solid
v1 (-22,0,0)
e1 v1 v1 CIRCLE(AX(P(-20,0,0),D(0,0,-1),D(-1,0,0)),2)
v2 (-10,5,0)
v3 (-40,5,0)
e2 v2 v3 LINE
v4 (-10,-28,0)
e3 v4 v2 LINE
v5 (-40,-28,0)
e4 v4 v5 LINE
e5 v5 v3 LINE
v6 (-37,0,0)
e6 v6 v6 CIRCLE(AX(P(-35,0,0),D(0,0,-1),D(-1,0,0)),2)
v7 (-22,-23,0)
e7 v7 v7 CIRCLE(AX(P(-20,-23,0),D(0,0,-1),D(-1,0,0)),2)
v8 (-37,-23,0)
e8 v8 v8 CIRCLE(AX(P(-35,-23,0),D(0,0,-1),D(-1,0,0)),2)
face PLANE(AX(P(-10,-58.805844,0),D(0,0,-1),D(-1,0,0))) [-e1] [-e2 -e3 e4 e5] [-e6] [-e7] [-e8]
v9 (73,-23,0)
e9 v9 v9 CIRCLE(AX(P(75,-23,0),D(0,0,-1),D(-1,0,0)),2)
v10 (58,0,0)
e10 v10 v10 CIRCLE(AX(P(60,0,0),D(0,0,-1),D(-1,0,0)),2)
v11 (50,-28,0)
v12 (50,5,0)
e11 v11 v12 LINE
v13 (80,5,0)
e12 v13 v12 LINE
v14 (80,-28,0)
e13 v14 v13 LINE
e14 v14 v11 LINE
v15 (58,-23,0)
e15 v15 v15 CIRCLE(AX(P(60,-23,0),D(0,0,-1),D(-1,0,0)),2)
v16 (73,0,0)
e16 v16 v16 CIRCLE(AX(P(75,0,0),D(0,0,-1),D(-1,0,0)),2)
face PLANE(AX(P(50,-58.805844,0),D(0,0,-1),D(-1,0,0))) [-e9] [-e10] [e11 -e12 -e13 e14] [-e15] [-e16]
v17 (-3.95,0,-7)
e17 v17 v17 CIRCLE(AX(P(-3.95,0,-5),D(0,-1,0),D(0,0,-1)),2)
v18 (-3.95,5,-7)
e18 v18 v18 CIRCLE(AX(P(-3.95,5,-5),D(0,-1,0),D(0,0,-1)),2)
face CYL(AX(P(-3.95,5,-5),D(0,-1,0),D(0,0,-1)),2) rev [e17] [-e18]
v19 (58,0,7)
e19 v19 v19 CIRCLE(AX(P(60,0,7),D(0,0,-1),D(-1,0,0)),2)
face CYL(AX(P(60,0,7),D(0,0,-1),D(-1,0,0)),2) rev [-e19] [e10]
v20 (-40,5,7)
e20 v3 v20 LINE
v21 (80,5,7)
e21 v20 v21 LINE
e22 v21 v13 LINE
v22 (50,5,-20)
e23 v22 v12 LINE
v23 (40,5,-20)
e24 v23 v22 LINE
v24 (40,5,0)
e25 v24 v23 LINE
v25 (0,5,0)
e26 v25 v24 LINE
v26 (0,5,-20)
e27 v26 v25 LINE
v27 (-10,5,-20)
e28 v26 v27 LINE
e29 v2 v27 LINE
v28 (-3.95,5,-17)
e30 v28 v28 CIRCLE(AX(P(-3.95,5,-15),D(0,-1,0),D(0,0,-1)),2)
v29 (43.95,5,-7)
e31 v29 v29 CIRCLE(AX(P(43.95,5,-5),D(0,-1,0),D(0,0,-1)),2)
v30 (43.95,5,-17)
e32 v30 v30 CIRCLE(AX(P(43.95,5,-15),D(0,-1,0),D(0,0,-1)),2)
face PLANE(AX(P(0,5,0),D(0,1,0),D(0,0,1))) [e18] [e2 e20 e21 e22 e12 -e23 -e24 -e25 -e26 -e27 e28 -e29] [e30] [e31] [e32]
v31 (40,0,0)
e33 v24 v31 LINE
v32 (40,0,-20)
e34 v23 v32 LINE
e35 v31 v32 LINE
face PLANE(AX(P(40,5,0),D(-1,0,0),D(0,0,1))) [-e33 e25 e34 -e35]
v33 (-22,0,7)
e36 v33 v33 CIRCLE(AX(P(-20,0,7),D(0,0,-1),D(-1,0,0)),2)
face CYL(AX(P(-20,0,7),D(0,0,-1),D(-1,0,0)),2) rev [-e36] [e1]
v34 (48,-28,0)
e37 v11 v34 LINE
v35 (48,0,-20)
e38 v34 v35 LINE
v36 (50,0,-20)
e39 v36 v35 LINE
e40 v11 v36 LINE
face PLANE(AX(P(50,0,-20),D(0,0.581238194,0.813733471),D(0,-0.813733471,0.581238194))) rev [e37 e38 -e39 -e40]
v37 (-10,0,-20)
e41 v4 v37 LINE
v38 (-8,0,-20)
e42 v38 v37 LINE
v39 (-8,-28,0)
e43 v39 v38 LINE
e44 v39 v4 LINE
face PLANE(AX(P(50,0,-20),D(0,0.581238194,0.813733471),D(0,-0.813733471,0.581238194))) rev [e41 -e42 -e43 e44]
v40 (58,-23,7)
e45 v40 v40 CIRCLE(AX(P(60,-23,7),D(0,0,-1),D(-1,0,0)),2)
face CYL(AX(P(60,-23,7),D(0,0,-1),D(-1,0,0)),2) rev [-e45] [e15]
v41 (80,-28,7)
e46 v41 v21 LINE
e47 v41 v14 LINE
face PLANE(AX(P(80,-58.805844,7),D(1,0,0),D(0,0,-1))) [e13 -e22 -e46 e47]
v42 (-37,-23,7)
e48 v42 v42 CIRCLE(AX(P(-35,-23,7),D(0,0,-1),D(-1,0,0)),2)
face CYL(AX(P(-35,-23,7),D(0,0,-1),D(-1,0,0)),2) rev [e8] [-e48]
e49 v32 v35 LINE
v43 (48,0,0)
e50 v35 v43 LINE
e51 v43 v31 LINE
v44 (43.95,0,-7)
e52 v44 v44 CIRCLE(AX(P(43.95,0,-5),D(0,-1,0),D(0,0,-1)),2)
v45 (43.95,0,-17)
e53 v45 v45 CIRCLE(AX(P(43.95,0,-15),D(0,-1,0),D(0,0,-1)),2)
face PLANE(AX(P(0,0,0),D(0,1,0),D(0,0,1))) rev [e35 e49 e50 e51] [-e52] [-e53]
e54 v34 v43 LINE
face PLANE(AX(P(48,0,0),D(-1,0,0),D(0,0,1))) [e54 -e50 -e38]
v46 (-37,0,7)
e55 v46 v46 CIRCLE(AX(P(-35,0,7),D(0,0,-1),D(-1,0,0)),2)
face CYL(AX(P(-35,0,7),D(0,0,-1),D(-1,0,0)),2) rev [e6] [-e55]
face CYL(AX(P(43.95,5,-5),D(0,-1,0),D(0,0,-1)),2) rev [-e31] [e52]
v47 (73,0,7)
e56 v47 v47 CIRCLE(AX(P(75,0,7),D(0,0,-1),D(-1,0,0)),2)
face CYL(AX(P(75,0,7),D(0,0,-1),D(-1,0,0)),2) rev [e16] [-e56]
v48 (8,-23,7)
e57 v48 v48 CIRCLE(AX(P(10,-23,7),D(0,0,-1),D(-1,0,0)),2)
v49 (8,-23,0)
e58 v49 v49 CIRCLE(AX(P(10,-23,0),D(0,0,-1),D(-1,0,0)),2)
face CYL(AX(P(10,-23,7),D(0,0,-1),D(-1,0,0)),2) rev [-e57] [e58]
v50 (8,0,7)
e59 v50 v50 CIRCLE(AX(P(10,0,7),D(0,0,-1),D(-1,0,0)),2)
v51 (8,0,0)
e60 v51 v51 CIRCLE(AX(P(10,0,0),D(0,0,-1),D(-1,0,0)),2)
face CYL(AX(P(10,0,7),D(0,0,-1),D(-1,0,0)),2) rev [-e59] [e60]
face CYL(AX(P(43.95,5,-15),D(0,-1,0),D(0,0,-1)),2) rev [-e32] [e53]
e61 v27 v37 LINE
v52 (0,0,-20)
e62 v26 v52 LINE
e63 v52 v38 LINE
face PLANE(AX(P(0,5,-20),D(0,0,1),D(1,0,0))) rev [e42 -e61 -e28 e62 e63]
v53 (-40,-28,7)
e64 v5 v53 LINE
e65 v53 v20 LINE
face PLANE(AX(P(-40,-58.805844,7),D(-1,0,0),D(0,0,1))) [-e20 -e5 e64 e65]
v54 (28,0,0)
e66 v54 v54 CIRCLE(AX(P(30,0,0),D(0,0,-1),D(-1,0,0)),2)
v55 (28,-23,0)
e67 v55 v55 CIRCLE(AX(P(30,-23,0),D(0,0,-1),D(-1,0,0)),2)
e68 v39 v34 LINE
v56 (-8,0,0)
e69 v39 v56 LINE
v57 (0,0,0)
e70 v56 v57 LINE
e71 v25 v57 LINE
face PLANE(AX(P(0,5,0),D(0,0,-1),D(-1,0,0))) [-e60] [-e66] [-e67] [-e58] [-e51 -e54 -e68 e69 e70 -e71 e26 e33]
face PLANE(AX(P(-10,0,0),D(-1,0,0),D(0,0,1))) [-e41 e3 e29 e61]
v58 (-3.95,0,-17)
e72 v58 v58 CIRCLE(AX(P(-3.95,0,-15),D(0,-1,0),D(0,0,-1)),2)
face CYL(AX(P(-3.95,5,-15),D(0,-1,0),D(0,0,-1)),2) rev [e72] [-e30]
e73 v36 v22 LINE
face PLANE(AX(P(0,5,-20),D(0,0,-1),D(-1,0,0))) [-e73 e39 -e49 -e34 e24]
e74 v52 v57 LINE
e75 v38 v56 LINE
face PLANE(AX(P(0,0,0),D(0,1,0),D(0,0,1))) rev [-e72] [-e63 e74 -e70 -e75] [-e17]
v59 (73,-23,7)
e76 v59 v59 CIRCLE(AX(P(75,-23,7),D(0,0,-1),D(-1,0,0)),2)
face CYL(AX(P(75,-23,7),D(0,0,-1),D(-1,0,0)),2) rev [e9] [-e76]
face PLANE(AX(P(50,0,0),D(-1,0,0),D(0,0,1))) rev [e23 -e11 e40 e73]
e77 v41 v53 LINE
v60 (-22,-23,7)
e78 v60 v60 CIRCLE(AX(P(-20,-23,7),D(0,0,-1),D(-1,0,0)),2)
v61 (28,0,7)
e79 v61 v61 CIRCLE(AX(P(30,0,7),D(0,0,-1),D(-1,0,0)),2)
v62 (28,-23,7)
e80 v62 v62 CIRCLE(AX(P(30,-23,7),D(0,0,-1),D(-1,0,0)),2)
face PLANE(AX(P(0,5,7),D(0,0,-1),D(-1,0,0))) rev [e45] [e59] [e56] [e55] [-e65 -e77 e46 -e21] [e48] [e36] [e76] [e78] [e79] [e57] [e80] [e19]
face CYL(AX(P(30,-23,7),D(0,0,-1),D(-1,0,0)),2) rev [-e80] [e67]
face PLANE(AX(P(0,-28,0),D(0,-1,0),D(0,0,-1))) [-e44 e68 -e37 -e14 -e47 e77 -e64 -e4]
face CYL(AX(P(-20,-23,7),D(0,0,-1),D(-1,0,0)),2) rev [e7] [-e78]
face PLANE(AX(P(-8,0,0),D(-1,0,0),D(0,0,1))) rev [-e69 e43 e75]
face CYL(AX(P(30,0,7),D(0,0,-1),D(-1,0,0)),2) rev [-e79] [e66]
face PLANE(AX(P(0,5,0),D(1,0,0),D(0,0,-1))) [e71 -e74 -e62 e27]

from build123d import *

# Parameters (mm, degrees)
SKETCH2_W               = 8
SKETCH2_H               = 20
SKETCH2_W_2             = 11.75
SKETCH2_H_2             = 12.66
BOSS_EXTRUDE1_DEPTH     = 5
SKETCH3_W               = 13.1
SKETCH3_H               = 7
BOSS_EXTRUDE2_DEPTH     = 28
SKETCH4_W               = 5.75
SKETCH4_H               = 12.66
CUT_EXTRUDE1_DEPTH      = 62.587336361
SKETCH5_R               = 2
CUT_EXTRUDE2_DEPTH      = 61.902073035
SKETCH6_R               = 2
CUT_EXTRUDE3_DEPTH      = 60.059292241
SKETCH7_W               = 7
SKETCH7_H               = 28
BOSS_EXTRUDE3_DEPTH     = 19.4
SKETCH8_W               = 27
SKETCH8_H               = 33
BOSS_EXTRUDE4_DEPTH     = 2
SKETCH9_W               = 27
SKETCH9_H               = 33
BOSS_EXTRUDE5_DEPTH     = 2
CUT_EXTRUDE4_DEPTH      = 68.4388612
CUT_EXTRUDE4_DEPTH_BACK = 68.4388612
SKETCH12_W              = 12.66
SKETCH12_H              = 33
CUT_EXTRUDE5_DEPTH      = 63.562468781
SKETCH13_W              = 30
SKETCH13_H              = 7
BOSS_EXTRUDE6_DEPTH     = 33
SKETCH14_R              = 2
CUT_EXTRUDE6_DEPTH      = 88.086164228


with BuildPart() as part:
    # Sketch2 → Boss-Extrude1 (new body)
    with BuildSketch(Plane(origin=(0, 0, 0), x_dir=(1, 0, 0), z_dir=(0, 1, 0))):
        with Locations((-4, 10)):
            Rectangle(SKETCH2_W, SKETCH2_H)
        Polygon((40, 0), (0, 0), (-8, 0), (-8, -7), (3.75, -7), (16.85, -7), (28.6, -7), (48, -7), (48, 0), align=None)
        with Locations((-2.125, -13.33)):
            Rectangle(SKETCH2_W_2, SKETCH2_H_2)
        with Locations((22.725, -13.33)):
            Rectangle(SKETCH2_W_2, SKETCH2_H_2)
        with Locations((44, 10)):
            Rectangle(SKETCH2_W, SKETCH2_H)
    extrude(amount=BOSS_EXTRUDE1_DEPTH)

    # Sketch3 → Boss-Extrude2 (add)
    with BuildSketch(Plane.XZ):
        Polygon((3.75, 19.66), (-8, 19.66), (-8, 0), (0, 0), (3.75, 0), (3.75, 7), align=None)
        with Locations((10.3, 3.5)):
            Rectangle(SKETCH3_W, SKETCH3_H)
        Polygon((16.85, 19.66), (16.85, 7), (16.85, 0), (28.6, 0), (28.6, 7), (28.6, 19.66), align=None)
    extrude(amount=BOSS_EXTRUDE2_DEPTH)

    # Sketch4 → Cut-Extrude1 (cut, through all)
    with BuildSketch(Plane.XZ.offset(28)):
        with Locations((-5.125, 13.33)):
            Rectangle(SKETCH4_W, SKETCH4_H)
        with Locations((25.725, 13.33)):
            Rectangle(SKETCH4_W, SKETCH4_H)
    extrude(amount=-CUT_EXTRUDE1_DEPTH, mode=Mode.SUBTRACT)

    # Sketch5 → Cut-Extrude2 (cut, through all)
    with BuildSketch(Plane.ZY.offset(2.25)):
        with Locations((13.33, -2)):
            Circle(SKETCH5_R)
        with Locations((13.33, -21)):
            Circle(SKETCH5_R)
        with Locations((13.33, -11.5)):
            Circle(SKETCH5_R)
    extrude(amount=-CUT_EXTRUDE2_DEPTH, mode=Mode.SUBTRACT)

    # Sketch6 → Cut-Extrude3 (cut, through all)
    with BuildSketch(Plane.XZ):
        with Locations(Location((43.95, -5, 0), (0, 0, 270))):
            Circle(SKETCH6_R)
        with Locations(Location((43.95, -15, 0), (0, 0, 270))):
            Circle(SKETCH6_R)
        with Locations(Location((-3.95, -5, 0), (0, 0, 270))):
            Circle(SKETCH6_R)
        with Locations(Location((-3.95, -15, 0), (0, 0, 270))):
            Circle(SKETCH6_R)
    extrude(amount=-CUT_EXTRUDE3_DEPTH, mode=Mode.SUBTRACT)

    # Sketch7 → Boss-Extrude3 (add)
    with BuildSketch(Plane(origin=(28.6, 0, 0), x_dir=(0, 0, -1), z_dir=(1, 0, 0))):
        with Locations((-3.5, -14)):
            Rectangle(SKETCH7_W, SKETCH7_H)
    extrude(amount=BOSS_EXTRUDE3_DEPTH)

    # Sketch8 → Boss-Extrude4 (add)
    with BuildSketch(Plane(origin=(48, 0, 0), x_dir=(0, 0, -1), z_dir=(1, 0, 0))):
        with Locations((6.5, -11.5)):
            Rectangle(SKETCH8_W, SKETCH8_H)
    extrude(amount=BOSS_EXTRUDE4_DEPTH)

    # Sketch9 → Boss-Extrude5 (add)
    with BuildSketch(Plane.ZY.offset(8)):
        with Locations((-6.5, -11.5)):
            Rectangle(SKETCH9_W, SKETCH9_H)
    extrude(amount=BOSS_EXTRUDE5_DEPTH)

    # Sketch10 → Cut-Extrude4 (cut, two sides: drawn at the far end of the back side and taken through both)
    with BuildSketch(Plane.ZY.offset(-48).offset(-CUT_EXTRUDE4_DEPTH_BACK)):
        Polygon((-20, 0), (0, -28), (-20, -28), align=None)
    extrude(amount=CUT_EXTRUDE4_DEPTH + CUT_EXTRUDE4_DEPTH_BACK, mode=Mode.SUBTRACT)

    # Sketch12 → Cut-Extrude5 (cut, through all)
    with BuildSketch(Plane.ZY.offset(2.25)):
        with Locations((13.33, -11.5)):
            Rectangle(SKETCH12_W, SKETCH12_H)
    extrude(amount=-CUT_EXTRUDE5_DEPTH, mode=Mode.SUBTRACT)

    # Sketch13 → Boss-Extrude6 (add)
    with BuildSketch(Plane(origin=(0, 5, 0), x_dir=(1, 0, 0), z_dir=(0, 1, 0))):
        with Locations((-25, -3.5)):
            Rectangle(SKETCH13_W, SKETCH13_H)
        with Locations((65, -3.5)):
            Rectangle(SKETCH13_W, SKETCH13_H)
    extrude(amount=-BOSS_EXTRUDE6_DEPTH)

    # Sketch14 → Cut-Extrude6 (cut, through all)
    with BuildSketch(Plane(origin=(0, 0, 0), x_dir=(-1, 0, 0), z_dir=(0, 0, -1))):
        with Locations((35, -23)):
            Circle(SKETCH14_R)
        with Locations((20, -23)):
            Circle(SKETCH14_R)
        with Locations((20, 0)):
            Circle(SKETCH14_R)
        with Locations((35, 0)):
            Circle(SKETCH14_R)
        with Locations((-10, 0)):
            Circle(SKETCH14_R)
        with Locations((-10, -23)):
            Circle(SKETCH14_R)
        with Locations((-30, -23)):
            Circle(SKETCH14_R)
        with Locations((-30, 0)):
            Circle(SKETCH14_R)
        with Locations((-60, 0)):
            Circle(SKETCH14_R)
        with Locations((-60, -23)):
            Circle(SKETCH14_R)
        with Locations((-75, -23)):
            Circle(SKETCH14_R)
        with Locations((-75, 0)):
            Circle(SKETCH14_R)
    extrude(amount=-CUT_EXTRUDE6_DEPTH, mode=Mode.SUBTRACT)


solid = part.part
